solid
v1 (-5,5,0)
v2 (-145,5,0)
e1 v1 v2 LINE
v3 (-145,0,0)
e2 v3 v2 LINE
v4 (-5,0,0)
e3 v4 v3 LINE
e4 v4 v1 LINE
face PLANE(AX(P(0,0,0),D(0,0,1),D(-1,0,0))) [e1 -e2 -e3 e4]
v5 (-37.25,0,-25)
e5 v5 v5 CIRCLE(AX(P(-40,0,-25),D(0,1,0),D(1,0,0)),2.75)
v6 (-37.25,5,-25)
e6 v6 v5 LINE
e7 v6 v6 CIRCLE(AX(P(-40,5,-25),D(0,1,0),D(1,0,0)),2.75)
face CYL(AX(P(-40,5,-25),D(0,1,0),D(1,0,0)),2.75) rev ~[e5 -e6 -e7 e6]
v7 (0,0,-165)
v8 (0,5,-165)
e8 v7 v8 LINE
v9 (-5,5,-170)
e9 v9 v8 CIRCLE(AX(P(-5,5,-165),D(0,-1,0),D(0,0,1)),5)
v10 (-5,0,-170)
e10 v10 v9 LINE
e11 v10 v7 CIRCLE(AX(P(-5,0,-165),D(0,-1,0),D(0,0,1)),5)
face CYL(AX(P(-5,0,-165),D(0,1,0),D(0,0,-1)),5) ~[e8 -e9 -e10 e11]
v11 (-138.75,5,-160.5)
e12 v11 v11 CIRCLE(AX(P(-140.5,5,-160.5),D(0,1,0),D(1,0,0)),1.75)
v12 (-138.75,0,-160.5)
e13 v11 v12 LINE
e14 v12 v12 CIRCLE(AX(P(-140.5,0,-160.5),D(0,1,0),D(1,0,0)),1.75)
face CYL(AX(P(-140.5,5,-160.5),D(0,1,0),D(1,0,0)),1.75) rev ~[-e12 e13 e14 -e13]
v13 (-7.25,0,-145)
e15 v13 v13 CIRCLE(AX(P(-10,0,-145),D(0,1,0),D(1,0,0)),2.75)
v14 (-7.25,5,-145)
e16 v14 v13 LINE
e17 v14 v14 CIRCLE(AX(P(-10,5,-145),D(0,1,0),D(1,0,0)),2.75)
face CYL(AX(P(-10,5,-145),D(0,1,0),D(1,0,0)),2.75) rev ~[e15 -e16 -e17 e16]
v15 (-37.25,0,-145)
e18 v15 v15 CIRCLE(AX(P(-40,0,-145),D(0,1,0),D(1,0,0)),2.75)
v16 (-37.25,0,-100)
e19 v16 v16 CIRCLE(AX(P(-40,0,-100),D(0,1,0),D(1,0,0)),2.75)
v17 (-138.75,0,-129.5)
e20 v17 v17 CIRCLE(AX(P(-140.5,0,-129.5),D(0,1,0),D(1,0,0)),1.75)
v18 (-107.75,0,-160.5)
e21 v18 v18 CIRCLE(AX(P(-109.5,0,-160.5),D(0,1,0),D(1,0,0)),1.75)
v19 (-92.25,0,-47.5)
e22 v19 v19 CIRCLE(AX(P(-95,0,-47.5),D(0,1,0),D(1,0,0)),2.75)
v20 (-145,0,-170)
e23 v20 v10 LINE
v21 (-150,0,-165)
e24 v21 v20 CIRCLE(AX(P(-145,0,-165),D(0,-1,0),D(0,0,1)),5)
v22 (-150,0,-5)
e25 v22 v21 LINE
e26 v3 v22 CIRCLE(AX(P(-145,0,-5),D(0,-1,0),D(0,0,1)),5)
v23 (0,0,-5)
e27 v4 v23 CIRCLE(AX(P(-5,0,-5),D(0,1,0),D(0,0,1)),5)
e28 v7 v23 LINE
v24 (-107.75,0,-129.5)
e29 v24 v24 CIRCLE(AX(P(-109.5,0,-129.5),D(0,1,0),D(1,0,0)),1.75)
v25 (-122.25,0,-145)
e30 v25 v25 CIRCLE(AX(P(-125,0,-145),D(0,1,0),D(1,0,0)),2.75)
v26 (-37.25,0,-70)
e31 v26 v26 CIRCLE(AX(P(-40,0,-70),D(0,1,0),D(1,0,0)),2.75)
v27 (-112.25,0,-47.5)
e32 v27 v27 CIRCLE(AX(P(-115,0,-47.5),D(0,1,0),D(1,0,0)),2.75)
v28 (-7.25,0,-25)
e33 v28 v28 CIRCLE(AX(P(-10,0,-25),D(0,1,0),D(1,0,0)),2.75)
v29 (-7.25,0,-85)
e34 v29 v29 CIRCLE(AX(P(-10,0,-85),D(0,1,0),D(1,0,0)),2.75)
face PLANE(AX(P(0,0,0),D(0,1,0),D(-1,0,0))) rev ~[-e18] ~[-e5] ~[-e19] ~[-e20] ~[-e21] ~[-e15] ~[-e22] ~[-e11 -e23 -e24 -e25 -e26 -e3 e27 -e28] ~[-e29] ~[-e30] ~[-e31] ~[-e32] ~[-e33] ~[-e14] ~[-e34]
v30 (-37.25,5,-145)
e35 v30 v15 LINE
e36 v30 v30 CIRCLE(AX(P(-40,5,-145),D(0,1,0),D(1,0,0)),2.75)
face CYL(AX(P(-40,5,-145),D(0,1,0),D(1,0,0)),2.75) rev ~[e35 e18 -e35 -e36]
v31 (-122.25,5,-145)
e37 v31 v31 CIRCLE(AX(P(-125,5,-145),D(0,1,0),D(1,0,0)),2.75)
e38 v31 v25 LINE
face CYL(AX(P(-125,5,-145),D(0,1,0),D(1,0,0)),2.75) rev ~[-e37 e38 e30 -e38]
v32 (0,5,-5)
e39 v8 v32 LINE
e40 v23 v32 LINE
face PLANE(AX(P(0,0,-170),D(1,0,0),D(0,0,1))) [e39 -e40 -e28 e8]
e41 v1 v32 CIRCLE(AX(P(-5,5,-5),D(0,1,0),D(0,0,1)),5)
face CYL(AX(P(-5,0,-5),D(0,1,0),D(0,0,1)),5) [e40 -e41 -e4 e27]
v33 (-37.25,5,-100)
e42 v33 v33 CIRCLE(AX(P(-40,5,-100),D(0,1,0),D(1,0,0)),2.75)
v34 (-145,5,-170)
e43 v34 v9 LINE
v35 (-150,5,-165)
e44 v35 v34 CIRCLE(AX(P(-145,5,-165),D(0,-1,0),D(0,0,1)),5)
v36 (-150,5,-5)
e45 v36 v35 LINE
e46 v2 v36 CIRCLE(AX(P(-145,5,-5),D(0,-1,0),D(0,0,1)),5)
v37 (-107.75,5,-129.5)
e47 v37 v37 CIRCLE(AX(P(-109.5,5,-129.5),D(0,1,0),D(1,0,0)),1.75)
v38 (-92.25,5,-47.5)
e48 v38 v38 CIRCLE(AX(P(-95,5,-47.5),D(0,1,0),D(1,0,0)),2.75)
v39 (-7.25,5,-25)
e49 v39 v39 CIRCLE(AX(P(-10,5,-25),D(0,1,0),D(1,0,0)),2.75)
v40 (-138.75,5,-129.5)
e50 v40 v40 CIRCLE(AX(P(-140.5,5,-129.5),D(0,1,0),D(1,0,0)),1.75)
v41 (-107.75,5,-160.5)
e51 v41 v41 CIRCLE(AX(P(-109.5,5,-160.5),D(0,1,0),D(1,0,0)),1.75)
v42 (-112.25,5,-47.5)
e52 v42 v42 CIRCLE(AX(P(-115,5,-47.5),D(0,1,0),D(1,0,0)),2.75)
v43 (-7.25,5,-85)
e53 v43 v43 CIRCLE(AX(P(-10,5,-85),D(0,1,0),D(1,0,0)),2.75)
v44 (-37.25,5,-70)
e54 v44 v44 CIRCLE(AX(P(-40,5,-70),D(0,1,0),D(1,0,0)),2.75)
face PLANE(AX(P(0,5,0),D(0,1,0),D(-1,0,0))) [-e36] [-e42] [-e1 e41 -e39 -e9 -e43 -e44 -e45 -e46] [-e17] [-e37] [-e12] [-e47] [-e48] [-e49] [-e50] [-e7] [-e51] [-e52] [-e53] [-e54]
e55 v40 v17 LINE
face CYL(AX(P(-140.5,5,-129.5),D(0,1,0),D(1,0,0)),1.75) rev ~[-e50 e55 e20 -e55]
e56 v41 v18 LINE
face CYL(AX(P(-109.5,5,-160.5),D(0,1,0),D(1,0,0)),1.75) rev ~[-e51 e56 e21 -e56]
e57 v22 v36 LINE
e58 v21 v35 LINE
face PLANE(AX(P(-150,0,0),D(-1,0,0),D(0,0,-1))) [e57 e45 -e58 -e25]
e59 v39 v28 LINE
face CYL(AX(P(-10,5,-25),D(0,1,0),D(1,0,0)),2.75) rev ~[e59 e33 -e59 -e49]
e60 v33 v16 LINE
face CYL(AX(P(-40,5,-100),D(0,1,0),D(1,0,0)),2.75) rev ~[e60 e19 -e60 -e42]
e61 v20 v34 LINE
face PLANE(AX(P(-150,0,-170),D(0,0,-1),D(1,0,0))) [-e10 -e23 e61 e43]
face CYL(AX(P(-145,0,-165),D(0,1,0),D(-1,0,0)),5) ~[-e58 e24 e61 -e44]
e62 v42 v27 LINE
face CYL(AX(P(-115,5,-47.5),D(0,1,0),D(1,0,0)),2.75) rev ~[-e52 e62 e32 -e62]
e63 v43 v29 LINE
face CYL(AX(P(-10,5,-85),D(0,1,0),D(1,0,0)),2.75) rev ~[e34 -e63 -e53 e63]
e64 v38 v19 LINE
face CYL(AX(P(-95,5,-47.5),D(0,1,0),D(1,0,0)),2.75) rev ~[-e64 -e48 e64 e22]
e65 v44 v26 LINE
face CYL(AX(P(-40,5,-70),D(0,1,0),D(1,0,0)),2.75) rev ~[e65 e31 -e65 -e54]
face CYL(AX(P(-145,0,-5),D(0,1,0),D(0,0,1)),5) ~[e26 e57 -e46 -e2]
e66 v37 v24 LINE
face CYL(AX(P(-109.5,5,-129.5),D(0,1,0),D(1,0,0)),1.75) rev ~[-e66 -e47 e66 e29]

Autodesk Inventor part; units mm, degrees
ref_plane "YZ Plane" through (0, 0, 0) normal (1, 0, 0) x (0, 1, 0)
ref_plane "XZ Plane" through (0, 0, 0) normal (0, 1, 0) x (-1, 0, 0)
ref_plane "XY Plane" through (0, 0, 0) normal (0, 0, 1) x (1, 0, 0)
sketch "Sketch1" plane through (0, 0, 0) normal (0, 1, 0) x (-1, 0, 0)
  line L0 (0, 0) -> (150, 0)
  line L1 (150, 0) -> (150, -170)
  line L2 (150, -170) -> (0, -170)
  line L3 (0, -170) -> (0, 0)
  dimension "d0" = 150
  dimension "d1" = 170
extrude "Extrusion1" add sketch "Sketch1" along normal blind 5
fillet "Fillet1" radius 5 4 edges at (0, 2.5, 0) (0, 2.5, -170) (-150, 2.5, 0) (-150, 2.5, -170)
sketch "Sketch2" plane through (0, 5, 0) normal (0, 1, 0) x (1, 0, 0)
  arc A0 (-145, 170) -> (-150, 165) centre (-145, 165) ccw projected
  line L0 (-150, 165) -> (-150, 5) projected
  arc A1 (-150, 5) -> (-145, 0) centre (-145, 5) ccw projected
  line L1 (-145, 0) -> (-5, 0) projected
  arc A2 (-5, 0) -> (0, 5) centre (-5, 5) ccw projected
  line L2 (0, 5) -> (0, 165) projected
  arc A3 (0, 165) -> (-5, 170) centre (-5, 165) ccw projected
  line L3 (-5, 170) -> (-145, 170) projected
  circle A4 centre (-125, 145) radius 2.75
  circle A5 centre (-140.5, 160.5) radius 1.75
  circle A6 centre (-140.5, 129.5) radius 1.75
  circle A7 centre (-109.5, 160.5) radius 1.75
  circle A8 centre (-109.5, 129.5) radius 1.75
  circle A9 centre (-40, 25) radius 2.75
  circle A10 centre (-10, 25) radius 2.75
  circle A11 centre (-40, 145) radius 2.75
  circle A12 centre (-10, 145) radius 2.75
  circle A13 centre (-10, 85) radius 2.75
  circle A14 centre (-40, 70) radius 2.75
  circle A15 centre (-40, 100) radius 2.75
  circle A16 centre (-115, 47.5) radius 2.75
  circle A17 centre (-95, 47.5) radius 2.75
  point P0 (0, 0)
  dimension "d5" = 5.5
  dimension "d6" = 25
  dimension "d7" = 25
  dimension "d8" = 3.5
  dimension "d9" = 9.5
  dimension "d10" = 9.5
  dimension "d13" = 31
  dimension "d16" = 31
  dimension "d19" = 5.5
  dimension "d20" = 25
  dimension "d21" = 5.5
  dimension "d22" = 25
  dimension "d23" = 5.5
  dimension "d24" = 5.5
  dimension "d25" = 25
  dimension "d26" = 25
  dimension "d27" = 5.5
  dimension "d28" = 170
  dimension "d29" = 85
  dimension "d30" = 5.5
  dimension "d31" = 5.5
  dimension "d32" = 30
  dimension "d33" = 70
  dimension "d34" = 10
  dimension "d35" = 10
  dimension "d36" = 10
  dimension "d37" = 40
  dimension "d38" = 40
  dimension "d39" = 40
  dimension "d40" = 40
  dimension "d43" = 5.5
  dimension "d44" = 5.5
  dimension "d45" = 45
  dimension "d46" = 22.5
  dimension "d47" = 22.5
  dimension "d48" = 20
  dimension "d49" = 35
extrude "Extrusion2" cut sketch "Sketch2" against normal blind 5 contours A4 | A5 | A6 | A7 | A8 | A9 | A10 | A11 | A12 | A13 | A14 | A15 | A16 | A17
equation "\"d20\" = d6"
equation "\"d22\" = d20"
equation "\"d25\" = d6"
equation "\"d26\" = d25"
equation "\"d29\" = 0.5 * d28"
equation "\"d33\" = 0.5 * d28 - 0.5 * d32"
equation "\"d35\" = d34"
equation "\"d36\" = d34"
equation "\"d38\" = d37"
equation "\"d39\" = d38"
equation "\"d40\" = d37"
equation "\"d46\" = 0.5 * d45"
equation "\"d47\" = d46"
properties part number "HeadPlate" material "Steel, Carbon"
